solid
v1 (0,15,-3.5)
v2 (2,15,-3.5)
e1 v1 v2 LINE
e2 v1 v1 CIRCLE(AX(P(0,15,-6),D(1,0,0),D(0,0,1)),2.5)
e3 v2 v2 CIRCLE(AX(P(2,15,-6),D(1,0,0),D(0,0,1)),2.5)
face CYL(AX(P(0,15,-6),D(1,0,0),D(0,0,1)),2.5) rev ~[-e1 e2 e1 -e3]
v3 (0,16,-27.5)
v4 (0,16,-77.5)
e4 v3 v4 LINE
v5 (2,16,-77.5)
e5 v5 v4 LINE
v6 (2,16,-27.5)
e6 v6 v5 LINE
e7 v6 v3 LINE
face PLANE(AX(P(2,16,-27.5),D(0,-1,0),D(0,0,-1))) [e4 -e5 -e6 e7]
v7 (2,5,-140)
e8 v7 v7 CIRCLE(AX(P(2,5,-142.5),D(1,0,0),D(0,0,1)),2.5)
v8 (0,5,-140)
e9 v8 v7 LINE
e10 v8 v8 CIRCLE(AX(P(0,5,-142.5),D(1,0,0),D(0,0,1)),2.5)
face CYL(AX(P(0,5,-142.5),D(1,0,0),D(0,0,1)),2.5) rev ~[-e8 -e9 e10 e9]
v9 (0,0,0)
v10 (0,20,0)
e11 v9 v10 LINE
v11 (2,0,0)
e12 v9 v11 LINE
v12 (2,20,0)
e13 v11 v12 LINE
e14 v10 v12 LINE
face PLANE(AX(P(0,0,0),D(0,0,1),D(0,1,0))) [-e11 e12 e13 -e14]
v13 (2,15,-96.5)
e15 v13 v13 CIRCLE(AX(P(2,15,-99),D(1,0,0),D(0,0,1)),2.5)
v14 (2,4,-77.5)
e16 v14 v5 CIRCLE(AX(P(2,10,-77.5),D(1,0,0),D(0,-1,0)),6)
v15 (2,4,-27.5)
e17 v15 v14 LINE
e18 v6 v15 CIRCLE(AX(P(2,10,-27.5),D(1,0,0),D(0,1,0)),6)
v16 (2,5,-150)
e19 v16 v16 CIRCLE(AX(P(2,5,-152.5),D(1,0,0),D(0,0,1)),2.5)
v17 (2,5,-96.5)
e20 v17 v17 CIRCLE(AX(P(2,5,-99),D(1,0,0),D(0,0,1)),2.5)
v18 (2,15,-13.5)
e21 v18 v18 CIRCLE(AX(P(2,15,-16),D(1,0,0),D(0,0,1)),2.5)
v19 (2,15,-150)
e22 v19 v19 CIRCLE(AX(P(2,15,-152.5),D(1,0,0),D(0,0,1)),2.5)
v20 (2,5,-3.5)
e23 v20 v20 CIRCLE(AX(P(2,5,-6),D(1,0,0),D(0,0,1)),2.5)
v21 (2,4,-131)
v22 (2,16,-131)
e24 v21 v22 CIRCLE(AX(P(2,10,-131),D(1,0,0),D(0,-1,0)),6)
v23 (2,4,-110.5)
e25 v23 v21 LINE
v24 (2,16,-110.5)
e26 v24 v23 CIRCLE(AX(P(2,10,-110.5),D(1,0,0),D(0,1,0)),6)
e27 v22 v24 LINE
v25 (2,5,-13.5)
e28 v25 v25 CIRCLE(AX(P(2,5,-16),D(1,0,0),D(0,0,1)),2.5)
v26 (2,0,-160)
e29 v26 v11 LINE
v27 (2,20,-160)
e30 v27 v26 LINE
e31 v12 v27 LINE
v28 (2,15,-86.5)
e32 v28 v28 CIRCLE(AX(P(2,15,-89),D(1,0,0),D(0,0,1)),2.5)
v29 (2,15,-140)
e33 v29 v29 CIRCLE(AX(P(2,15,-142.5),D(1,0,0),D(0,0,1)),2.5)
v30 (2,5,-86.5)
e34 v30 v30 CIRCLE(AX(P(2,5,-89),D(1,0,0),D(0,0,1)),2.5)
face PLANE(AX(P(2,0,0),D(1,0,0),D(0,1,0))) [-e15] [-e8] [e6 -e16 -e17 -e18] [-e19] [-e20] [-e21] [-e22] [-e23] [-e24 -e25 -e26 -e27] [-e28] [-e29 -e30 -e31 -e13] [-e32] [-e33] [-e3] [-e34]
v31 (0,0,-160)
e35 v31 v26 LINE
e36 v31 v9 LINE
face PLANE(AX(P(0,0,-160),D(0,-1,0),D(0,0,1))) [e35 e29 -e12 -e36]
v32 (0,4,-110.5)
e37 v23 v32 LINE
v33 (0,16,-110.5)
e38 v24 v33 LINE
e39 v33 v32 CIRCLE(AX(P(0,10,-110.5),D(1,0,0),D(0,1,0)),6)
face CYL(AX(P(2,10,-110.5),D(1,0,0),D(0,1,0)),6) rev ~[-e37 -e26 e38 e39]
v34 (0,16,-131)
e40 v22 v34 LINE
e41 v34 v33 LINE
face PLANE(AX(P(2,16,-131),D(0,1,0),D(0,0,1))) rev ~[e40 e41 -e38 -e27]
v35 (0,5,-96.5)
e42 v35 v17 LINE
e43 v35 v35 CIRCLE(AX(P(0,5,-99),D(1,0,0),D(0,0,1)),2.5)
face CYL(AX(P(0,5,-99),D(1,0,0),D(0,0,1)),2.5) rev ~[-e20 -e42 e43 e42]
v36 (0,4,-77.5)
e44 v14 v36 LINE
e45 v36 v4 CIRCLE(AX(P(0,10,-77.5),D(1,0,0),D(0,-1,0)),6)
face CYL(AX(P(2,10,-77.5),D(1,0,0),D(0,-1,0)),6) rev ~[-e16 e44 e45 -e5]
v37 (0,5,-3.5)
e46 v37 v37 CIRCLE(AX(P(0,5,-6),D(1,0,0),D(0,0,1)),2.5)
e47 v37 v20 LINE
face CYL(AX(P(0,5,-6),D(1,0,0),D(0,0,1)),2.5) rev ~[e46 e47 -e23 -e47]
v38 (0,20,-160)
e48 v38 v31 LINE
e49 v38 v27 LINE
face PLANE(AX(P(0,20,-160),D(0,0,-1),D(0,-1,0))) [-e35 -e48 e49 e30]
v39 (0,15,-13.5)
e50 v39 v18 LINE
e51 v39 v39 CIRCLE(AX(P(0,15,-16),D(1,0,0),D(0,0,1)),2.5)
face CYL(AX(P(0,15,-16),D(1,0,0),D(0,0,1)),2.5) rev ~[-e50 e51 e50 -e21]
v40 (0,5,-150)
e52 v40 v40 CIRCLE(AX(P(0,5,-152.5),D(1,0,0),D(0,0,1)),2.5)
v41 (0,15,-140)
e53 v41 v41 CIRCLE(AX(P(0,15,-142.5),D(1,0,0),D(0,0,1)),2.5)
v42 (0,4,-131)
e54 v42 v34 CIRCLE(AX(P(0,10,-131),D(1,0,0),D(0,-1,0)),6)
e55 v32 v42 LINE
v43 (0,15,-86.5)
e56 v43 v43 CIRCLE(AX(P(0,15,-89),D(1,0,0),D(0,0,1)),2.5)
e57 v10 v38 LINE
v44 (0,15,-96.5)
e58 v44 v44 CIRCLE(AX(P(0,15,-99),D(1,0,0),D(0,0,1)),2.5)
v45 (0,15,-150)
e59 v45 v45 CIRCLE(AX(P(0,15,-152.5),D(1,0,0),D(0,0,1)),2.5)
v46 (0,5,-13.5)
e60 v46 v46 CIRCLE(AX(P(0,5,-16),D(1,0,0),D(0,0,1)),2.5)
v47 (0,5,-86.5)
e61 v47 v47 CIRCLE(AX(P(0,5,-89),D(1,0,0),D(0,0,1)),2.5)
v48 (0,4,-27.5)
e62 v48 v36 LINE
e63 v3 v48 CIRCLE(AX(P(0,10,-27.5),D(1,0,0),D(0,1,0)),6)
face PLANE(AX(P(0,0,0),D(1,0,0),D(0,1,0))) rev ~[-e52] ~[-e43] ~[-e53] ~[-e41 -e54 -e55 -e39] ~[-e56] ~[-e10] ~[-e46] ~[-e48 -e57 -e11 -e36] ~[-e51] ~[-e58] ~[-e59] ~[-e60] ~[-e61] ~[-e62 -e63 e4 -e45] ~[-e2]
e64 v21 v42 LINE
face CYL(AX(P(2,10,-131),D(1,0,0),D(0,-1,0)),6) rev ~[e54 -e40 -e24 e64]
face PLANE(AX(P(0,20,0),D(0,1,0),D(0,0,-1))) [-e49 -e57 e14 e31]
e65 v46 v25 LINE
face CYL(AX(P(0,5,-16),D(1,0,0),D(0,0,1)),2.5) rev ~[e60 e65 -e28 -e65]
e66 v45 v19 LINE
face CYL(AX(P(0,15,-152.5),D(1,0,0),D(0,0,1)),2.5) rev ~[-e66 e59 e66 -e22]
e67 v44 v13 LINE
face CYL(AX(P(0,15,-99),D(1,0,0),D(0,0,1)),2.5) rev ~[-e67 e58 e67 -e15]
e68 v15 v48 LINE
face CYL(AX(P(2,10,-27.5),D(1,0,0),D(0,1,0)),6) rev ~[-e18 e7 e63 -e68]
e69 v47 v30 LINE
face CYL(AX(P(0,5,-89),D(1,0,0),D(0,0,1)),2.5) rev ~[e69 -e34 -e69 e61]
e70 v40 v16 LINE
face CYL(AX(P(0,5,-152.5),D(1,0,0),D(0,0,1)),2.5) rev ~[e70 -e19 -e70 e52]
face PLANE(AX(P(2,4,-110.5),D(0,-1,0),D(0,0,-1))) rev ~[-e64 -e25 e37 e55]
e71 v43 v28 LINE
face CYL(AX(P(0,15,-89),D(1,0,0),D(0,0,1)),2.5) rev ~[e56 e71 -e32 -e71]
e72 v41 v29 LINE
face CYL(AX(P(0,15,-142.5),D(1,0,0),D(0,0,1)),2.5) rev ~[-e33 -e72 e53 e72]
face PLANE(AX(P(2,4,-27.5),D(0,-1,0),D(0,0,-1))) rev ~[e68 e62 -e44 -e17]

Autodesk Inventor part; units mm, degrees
ref_plane "YZ Plane" through (0, 0, 0) normal (1, 0, 0) x (0, 1, 0)
ref_plane "XZ Plane" through (0, 0, 0) normal (0, 1, 0) x (-1, 0, 0)
ref_plane "XY Plane" through (0, 0, 0) normal (0, 0, 1) x (1, 0, 0)
sketch "Sketch1" plane through (0, 0, 0) normal (1, 0, 0) x (0, 1, 0)
  line L0 (0, 0) -> (20, 0)
  line L1 (20, 0) -> (20, -160)
  line L2 (20, -160) -> (0, -160)
  line L3 (0, -160) -> (0, 0)
  line L4 (10, 0) -> (10, -160) construction
  line L5 (20, -6) -> (0, -6) construction
  line L6 (20, -16) -> (0, -16) construction
  line L7 (20, -142.5) -> (0, -142.5) construction
  line L8 (25, -152.5) -> (0, -152.5) construction
  line L9 (20, -89) -> (0, -89) construction
  line L10 (25, -99) -> (0, -99) construction
  point P0 (15, -16)
  point P1 (15, -6)
  point P2 (5, -16)
  point P3 (5, -6)
  point P4 (15, -152.5)
  point P5 (15, -142.5)
  point P6 (5, -142.5)
  point P7 (5, -152.5)
  point P8 (15, -99)
  point P9 (15, -89)
  point P10 (5, -89)
  point P11 (5, -99)
  dimension "d1" = 20
  dimension "d10" = 6
  dimension "d11" = 10
  dimension "d12" = 10
  dimension "d13" = 10
  dimension "d14" = 10
  dimension "d16" = 10
  dimension "d17" = 10
  dimension "d27" = 10
  dimension "d28" = 10
  dimension "d29" = 10
  dimension "d30" = 89
  dimension "d40" = 142.5
  dimension "d41" = 160
extrude "Extrusion1" add sketch "Sketch1" along normal blind 2
hole "Hole1" at (0, 15, -16) at (0, 15, -6) at (0, 5, -16) at (0, 5, -6) at (0, 15, -142.5) at (0, 15, -152.5) at (0, 5, -152.5) at (0, 5, -142.5) at (0, 15, -89) at (0, 15, -99) at (0, 5, -99) at (0, 5, -89) direction (1, 0, 0) diameter 5 end through all
sketch "Sketch2" plane through (2, 0, 0) normal (1, 0, 0) x (0, 0, -1)
  arc A0 (27.5, 16) -> (27.5, 4) centre (27.5, 10) ccw
  line L0 (27.5, 10) -> (27.5, 4) construction
  line L1 (27.5, 10) -> (27.5, 16) construction
  line L2 (0, 20) -> (0, 0) projected
  line L3 (0, 10) -> (160, 10) construction
  line L4 (160, 0) -> (160, 20) projected
  line L5 (27.5, 16) -> (77.5, 16)
  line L6 (27.5, 4) -> (77.5, 4)
  circle A1 centre (89, 15) radius 2.5 construction
  circle A2 centre (89, 5) radius 2.5 construction
  line L7 (89, 15) -> (89, 5) construction
  circle A3 centre (16, 15) radius 2.5 construction
  circle A4 centre (16, 5) radius 2.5 construction
  line L8 (16, 15) -> (16, 5) construction
  circle A5 centre (99, 15) radius 2.5 construction
  line L9 (99, 15) -> (89, 15) construction
  line L10 (94, 15) -> (94, -7.3428) construction
  arc A6 (77.5, 4) -> (77.5, 16) centre (77.5, 10) ccw
  line L11 (77.5, 10) -> (77.5, 4) construction
  line L12 (77.5, 10) -> (77.5, 16) construction
  line L13 (110.5, 4) -> (131, 4)
  line L14 (131, 16) -> (110.5, 16)
  arc A7 (110.5, 16) -> (110.5, 4) centre (110.5, 10) ccw
  arc A8 (131, 4) -> (131, 16) centre (131, 10) ccw
  circle A9 centre (99, 5) radius 2.5 construction
  circle A10 centre (16, 15) radius 2.5 construction
  circle A11 centre (142.5, 5) radius 2.5 construction
  dimension "d31" = 180
  dimension "d32" = 6
  dimension "d33" = 50
  dimension "d34" = 73
  dimension "d36" = 180
  dimension "d42" = 6
  dimension "d43" = 6
  dimension "d44" = 20.5
  dimension "d46" = 180
  dimension "d47" = 5
  dimension "d48" = 11.5
  dimension "d49" = 43.5
  dimension "d50" = 11.5
extrude "Extrusion2" cut sketch "Sketch2" against normal blind 10
equation "\"d13\" = d12"
equation "\"d16\" = d12"
equation "\"d17\" = d12"
equation "\"d28\" = d27"
equation "\"d29\" = d12"
equation "\"d42\" = d32"
equation "\"d43\" = d32"
equation "\"d46\" = d36"
equation "\"d48\" = 0 * d47 + 0.5 * d34 - 0.5 * d33"
equation "\"d50\" = -0.5 * d44 + 0.5 * d49 + 0 * d47"
properties part number "sideLongitudinal" material "Steel"
